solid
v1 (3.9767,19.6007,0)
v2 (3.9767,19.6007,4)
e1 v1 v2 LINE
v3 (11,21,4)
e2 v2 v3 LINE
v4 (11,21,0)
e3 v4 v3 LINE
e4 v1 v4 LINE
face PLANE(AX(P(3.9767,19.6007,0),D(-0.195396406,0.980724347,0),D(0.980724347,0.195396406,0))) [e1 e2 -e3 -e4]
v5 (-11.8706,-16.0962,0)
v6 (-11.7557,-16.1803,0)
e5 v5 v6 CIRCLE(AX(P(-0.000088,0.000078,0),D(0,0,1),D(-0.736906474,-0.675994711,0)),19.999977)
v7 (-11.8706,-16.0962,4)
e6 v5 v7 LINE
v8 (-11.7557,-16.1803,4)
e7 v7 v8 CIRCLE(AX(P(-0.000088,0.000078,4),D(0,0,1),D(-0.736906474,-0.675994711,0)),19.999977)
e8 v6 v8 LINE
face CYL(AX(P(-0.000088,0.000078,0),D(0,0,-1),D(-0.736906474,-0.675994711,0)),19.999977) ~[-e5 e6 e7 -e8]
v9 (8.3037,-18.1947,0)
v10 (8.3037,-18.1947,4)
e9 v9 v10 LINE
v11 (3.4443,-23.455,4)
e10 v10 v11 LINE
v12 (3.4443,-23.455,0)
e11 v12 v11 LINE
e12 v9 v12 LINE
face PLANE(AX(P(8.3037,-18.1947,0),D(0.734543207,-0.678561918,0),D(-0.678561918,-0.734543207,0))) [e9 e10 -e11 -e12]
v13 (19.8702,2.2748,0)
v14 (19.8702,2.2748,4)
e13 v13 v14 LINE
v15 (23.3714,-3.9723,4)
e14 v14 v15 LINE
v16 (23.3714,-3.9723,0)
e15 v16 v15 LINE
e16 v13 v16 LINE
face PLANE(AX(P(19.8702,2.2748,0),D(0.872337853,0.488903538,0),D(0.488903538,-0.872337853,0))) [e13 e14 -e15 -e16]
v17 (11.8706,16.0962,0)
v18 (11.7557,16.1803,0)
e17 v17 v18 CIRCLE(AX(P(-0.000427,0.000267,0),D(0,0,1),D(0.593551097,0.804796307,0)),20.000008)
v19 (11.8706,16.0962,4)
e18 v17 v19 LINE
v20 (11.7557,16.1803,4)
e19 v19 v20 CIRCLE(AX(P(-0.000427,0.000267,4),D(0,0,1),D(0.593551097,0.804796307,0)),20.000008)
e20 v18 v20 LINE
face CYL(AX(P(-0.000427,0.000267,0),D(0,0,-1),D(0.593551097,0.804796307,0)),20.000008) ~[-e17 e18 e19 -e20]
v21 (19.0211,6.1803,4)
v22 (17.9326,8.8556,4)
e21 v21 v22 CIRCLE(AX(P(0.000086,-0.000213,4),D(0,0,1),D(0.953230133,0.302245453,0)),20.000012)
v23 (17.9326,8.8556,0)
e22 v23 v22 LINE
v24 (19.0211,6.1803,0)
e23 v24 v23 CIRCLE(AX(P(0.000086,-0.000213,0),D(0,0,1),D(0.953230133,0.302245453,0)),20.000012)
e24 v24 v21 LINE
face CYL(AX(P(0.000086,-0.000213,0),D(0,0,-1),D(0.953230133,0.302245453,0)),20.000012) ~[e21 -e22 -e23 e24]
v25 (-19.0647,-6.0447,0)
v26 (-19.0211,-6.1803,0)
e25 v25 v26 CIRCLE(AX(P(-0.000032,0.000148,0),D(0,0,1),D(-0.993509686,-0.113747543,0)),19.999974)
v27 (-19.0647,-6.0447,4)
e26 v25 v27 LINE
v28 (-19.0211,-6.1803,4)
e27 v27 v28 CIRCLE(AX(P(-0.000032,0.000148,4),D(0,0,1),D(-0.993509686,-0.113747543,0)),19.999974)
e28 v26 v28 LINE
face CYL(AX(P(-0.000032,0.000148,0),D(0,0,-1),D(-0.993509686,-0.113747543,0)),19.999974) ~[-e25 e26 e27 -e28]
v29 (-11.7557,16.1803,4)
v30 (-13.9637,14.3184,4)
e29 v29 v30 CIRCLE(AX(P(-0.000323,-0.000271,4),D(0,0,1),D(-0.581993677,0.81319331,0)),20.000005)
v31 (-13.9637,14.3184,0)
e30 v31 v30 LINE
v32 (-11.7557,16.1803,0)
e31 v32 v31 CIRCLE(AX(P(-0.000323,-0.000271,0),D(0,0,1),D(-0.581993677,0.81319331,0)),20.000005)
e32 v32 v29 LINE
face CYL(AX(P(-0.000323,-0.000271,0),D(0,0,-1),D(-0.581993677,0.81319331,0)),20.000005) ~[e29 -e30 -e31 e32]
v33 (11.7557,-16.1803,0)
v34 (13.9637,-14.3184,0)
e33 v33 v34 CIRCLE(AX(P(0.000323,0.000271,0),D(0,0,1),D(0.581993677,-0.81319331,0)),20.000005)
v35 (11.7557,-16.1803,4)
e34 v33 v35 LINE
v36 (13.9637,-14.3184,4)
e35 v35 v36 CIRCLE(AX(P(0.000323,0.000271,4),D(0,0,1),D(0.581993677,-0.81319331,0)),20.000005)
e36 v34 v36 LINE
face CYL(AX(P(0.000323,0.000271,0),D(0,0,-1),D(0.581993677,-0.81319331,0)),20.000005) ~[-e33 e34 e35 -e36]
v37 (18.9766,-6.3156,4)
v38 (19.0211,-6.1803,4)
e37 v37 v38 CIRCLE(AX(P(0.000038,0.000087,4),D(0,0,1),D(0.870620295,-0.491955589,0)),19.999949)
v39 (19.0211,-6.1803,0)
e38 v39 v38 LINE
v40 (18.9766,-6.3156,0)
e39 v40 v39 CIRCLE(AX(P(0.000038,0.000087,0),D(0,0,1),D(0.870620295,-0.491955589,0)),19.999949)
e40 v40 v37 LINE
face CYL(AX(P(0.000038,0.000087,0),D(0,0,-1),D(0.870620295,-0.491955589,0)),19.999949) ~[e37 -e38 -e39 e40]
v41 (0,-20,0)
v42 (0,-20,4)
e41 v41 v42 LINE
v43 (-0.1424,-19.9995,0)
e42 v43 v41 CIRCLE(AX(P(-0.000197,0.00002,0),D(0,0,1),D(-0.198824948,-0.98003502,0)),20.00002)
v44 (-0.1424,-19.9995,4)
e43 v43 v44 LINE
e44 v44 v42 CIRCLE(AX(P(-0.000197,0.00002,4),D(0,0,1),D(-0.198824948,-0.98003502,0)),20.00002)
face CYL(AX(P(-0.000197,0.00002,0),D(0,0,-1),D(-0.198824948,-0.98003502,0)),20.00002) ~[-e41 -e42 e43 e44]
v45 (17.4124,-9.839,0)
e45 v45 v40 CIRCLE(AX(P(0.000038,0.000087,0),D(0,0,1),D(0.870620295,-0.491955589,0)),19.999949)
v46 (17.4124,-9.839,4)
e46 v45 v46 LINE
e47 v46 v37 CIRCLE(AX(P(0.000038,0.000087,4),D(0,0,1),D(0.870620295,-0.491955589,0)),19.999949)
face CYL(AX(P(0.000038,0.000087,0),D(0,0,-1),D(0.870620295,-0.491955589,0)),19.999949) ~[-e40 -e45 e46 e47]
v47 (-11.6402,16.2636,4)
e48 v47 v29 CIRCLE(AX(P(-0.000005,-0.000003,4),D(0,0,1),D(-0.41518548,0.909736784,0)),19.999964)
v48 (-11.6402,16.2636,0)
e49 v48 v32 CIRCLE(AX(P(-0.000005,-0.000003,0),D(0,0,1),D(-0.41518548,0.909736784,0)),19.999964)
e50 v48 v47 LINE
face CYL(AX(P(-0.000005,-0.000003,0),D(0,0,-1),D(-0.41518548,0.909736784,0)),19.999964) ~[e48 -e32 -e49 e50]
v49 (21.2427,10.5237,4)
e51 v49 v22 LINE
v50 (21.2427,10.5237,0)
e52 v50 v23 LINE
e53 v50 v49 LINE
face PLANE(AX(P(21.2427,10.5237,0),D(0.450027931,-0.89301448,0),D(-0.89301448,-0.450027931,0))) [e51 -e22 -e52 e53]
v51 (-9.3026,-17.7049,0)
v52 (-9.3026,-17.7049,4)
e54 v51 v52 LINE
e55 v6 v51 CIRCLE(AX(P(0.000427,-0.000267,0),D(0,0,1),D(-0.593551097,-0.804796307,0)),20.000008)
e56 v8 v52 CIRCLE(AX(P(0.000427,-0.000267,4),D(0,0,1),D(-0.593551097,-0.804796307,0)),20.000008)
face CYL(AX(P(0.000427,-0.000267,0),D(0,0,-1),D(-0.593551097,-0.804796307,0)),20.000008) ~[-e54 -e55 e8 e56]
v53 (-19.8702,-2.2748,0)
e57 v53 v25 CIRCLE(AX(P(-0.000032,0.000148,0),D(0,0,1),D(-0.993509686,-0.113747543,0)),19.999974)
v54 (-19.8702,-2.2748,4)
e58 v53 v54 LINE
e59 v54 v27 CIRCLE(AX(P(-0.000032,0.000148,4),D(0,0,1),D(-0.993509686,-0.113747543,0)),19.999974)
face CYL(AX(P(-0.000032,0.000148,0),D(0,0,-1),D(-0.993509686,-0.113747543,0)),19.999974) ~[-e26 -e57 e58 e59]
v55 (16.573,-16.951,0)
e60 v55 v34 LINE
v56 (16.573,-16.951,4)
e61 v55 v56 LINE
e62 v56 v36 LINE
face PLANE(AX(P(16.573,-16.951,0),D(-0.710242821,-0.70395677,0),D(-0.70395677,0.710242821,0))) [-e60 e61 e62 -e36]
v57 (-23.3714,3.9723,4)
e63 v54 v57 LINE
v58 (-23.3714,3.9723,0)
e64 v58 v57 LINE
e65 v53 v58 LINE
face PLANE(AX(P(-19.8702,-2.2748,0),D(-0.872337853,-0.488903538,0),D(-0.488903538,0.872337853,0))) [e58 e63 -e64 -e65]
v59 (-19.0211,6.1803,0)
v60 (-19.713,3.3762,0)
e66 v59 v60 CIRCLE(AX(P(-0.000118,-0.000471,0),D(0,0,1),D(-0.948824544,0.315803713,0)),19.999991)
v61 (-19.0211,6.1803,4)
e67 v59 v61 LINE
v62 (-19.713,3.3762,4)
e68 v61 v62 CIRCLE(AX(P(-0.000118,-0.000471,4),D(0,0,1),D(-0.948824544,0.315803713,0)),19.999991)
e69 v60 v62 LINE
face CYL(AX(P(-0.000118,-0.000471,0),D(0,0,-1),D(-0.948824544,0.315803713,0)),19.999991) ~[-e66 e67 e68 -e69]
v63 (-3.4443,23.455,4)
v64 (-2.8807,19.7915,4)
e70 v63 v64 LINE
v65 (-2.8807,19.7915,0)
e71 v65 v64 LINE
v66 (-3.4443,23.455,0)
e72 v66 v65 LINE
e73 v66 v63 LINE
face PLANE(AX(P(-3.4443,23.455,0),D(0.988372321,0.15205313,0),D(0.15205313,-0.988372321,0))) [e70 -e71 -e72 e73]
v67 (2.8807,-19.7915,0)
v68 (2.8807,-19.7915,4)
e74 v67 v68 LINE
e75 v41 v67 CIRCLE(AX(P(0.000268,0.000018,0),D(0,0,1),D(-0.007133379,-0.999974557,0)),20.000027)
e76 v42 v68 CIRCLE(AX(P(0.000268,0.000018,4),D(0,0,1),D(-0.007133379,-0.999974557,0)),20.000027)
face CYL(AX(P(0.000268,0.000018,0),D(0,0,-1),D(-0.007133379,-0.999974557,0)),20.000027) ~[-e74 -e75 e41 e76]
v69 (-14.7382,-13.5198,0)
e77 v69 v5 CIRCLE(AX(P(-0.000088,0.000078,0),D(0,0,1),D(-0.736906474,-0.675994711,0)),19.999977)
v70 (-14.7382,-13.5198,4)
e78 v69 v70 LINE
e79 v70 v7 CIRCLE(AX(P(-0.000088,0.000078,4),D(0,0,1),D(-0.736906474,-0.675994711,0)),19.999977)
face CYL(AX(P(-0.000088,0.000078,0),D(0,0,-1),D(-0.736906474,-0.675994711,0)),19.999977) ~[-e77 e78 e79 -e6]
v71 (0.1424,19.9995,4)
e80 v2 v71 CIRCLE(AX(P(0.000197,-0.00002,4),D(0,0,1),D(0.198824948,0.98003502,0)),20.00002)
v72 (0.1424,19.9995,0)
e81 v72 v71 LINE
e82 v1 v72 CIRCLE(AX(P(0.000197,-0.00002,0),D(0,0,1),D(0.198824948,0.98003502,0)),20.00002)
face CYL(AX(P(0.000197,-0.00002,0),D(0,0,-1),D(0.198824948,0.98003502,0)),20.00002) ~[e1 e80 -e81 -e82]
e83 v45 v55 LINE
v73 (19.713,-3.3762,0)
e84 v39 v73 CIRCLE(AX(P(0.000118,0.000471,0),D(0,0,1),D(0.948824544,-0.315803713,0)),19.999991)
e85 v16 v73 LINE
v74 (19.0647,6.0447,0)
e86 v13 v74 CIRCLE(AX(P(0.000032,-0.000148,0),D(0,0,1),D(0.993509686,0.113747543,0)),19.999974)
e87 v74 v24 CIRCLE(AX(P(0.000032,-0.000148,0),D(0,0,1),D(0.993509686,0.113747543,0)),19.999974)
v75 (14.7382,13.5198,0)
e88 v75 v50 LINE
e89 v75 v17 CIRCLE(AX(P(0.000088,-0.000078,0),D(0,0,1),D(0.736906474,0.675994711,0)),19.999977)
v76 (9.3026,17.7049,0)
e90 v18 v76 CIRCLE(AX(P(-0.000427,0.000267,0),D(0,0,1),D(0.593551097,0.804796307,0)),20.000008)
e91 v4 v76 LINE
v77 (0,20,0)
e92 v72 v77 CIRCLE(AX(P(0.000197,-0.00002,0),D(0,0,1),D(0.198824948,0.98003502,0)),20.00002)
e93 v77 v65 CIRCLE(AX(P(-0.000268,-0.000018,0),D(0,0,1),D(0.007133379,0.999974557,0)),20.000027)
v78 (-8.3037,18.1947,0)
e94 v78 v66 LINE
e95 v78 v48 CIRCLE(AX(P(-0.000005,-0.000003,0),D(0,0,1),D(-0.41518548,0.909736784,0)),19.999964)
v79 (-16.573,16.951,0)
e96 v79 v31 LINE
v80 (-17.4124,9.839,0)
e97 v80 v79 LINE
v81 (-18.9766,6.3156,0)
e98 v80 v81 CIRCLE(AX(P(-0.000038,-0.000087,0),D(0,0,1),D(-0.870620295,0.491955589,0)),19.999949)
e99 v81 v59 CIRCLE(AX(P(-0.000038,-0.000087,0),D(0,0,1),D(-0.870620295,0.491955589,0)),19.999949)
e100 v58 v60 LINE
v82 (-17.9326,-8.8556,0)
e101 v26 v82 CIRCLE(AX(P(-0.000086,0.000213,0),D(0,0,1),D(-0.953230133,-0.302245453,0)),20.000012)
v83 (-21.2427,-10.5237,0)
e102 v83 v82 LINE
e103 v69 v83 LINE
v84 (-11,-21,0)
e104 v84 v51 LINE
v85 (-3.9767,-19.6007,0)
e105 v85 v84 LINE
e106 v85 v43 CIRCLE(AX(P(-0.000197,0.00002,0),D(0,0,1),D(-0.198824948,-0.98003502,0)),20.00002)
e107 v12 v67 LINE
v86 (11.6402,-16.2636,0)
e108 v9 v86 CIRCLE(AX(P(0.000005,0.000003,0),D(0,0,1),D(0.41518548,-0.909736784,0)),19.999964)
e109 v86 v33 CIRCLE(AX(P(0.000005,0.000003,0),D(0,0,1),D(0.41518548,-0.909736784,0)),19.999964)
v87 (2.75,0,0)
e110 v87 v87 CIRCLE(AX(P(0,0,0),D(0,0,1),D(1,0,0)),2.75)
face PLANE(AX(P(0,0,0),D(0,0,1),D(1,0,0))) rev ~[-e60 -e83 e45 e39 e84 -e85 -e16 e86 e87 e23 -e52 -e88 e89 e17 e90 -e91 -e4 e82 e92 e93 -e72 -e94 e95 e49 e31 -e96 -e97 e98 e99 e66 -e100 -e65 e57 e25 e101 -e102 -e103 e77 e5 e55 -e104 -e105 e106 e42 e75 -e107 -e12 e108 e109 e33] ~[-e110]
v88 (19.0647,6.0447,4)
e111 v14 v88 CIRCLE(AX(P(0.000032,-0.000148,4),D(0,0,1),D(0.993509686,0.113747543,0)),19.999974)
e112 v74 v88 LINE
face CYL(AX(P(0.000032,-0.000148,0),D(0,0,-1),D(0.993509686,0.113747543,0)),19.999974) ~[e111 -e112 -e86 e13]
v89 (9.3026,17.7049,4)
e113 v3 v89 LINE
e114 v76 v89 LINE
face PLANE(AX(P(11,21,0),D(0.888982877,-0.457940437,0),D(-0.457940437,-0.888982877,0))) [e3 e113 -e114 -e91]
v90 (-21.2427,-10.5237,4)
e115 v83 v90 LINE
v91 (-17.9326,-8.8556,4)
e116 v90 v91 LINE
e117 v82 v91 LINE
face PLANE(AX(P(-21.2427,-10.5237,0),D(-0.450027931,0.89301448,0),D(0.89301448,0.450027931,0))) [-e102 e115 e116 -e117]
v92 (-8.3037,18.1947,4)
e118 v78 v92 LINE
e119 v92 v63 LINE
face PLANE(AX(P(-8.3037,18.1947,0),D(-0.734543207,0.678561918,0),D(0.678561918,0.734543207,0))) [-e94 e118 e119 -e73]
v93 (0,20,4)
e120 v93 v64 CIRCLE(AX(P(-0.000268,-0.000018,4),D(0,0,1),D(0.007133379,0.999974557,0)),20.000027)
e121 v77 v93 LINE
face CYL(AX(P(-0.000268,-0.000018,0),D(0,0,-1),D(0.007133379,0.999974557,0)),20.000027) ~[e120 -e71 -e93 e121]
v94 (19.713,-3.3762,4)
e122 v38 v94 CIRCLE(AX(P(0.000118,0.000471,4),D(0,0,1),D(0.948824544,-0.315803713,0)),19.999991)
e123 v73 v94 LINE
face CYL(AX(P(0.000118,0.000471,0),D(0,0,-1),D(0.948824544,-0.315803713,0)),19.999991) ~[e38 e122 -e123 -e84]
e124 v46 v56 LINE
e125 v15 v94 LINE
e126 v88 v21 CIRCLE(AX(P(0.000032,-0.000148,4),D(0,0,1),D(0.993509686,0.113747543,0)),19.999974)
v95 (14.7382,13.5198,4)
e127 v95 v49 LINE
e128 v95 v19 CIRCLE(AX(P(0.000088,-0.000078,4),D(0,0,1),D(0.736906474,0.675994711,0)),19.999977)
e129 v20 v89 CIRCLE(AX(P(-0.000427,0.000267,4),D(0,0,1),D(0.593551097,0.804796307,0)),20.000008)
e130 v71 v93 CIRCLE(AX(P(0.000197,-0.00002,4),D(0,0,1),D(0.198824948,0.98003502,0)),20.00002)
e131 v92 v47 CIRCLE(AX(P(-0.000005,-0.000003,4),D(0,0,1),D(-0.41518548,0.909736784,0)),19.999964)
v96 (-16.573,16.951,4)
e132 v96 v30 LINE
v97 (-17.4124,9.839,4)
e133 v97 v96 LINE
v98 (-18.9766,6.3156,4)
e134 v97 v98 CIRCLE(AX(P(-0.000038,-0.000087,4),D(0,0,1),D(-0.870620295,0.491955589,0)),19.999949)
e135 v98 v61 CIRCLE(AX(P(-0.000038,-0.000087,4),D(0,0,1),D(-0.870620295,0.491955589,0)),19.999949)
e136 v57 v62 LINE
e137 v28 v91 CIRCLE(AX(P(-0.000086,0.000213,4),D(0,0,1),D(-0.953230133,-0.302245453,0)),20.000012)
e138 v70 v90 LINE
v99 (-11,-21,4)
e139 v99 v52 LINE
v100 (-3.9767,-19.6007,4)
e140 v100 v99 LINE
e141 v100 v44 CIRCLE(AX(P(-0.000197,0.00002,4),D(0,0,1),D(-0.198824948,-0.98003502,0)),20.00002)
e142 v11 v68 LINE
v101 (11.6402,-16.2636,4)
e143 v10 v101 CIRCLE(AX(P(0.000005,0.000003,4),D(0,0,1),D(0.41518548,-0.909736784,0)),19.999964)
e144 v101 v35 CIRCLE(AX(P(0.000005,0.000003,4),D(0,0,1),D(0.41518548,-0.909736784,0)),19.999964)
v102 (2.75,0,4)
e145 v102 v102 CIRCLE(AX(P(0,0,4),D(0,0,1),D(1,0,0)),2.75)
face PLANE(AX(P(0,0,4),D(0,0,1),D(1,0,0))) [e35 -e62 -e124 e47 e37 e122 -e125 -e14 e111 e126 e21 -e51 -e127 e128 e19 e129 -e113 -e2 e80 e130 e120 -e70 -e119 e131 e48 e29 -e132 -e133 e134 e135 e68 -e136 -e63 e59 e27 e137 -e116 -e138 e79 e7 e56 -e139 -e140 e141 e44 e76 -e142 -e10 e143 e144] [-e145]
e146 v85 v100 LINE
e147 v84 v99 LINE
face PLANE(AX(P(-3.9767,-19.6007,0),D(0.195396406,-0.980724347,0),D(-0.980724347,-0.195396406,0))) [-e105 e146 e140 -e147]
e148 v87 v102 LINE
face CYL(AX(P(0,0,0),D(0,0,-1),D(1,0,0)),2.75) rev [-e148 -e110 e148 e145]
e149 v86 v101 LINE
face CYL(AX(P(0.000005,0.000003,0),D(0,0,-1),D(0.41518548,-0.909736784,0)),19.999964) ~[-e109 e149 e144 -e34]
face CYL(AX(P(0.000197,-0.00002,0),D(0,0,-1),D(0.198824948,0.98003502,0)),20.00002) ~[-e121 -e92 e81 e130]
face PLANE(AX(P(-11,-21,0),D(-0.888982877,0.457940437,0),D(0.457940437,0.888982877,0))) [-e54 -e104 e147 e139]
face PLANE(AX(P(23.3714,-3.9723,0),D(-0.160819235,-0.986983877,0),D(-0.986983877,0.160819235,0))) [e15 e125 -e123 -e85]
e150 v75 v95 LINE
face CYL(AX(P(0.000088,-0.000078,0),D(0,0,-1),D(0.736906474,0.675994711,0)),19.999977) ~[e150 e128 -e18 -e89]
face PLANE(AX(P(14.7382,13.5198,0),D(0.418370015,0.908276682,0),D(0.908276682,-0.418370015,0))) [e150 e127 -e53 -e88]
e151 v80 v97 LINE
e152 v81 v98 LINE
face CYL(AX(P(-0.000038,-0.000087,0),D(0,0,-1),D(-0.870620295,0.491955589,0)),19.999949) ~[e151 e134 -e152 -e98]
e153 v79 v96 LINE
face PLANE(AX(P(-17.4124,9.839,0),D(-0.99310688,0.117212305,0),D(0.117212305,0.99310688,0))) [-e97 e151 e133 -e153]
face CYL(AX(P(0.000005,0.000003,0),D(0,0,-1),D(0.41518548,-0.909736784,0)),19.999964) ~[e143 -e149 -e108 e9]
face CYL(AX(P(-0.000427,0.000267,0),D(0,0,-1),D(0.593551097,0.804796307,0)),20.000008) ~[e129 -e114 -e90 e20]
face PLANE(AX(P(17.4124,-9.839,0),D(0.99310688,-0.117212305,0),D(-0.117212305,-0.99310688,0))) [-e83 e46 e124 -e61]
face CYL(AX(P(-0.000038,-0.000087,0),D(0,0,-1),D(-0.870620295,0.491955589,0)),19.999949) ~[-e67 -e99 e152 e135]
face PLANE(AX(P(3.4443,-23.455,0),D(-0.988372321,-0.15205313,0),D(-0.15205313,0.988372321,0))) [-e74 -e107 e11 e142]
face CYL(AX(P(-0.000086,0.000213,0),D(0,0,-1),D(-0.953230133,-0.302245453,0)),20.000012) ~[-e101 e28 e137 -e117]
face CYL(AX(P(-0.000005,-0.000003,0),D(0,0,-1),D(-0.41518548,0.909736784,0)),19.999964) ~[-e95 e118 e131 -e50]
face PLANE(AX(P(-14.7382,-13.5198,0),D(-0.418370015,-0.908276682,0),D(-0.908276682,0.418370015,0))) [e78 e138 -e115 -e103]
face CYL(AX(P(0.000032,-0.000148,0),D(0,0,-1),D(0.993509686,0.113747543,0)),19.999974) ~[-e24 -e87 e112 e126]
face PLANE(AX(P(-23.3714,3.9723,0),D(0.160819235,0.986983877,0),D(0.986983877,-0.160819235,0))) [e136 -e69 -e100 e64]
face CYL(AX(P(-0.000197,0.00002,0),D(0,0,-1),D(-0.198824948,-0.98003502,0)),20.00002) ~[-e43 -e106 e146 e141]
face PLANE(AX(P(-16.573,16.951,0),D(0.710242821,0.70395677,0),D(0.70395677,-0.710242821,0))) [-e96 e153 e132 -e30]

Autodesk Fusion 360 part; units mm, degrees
sketch "center" plane through (0, 0, 0) normal (0, 0, 1) x (1, 0, 0)
  line L0 (3.9767, 19.6007) -> (11, 21)
  line L1 (11, 21) -> (9.3026, 17.7049)
  arc A0 (3.9767, 19.6007) -> (0, 20) centre (0, 0) ccw
  arc A1 (11.8706, 16.0962) -> (9.3026, 17.7049) centre (0, 0) ccw
  arc A2 (-8.3037, 18.1947) -> (-11.7557, 16.1803) centre (0, 0) ccw
  line L2 (-8.3037, 18.1947) -> (-3.4443, 23.455)
  line L3 (-3.4443, 23.455) -> (-2.8807, 19.7915)
  arc A3 (0.1424, 19.9995) -> (-2.8807, 19.7915) centre (0, 0) ccw
  arc A4 (-17.4124, 9.839) -> (-19.0211, 6.1803) centre (0, 0) ccw
  line L4 (-17.4124, 9.839) -> (-16.573, 16.951)
  line L5 (-16.573, 16.951) -> (-13.9637, 14.3184)
  arc A5 (-11.6402, 16.2636) -> (-13.9637, 14.3184) centre (0, 0) ccw
  arc A6 (-19.8702, -2.2748) -> (-19.0211, -6.1803) centre (0, 0) ccw
  line L6 (-19.8702, -2.2748) -> (-23.3714, 3.9723)
  line L7 (-23.3714, 3.9723) -> (-19.713, 3.3762)
  arc A7 (-18.9766, 6.3156) -> (-19.713, 3.3762) centre (0, 0) ccw
  arc A8 (-14.7382, -13.5198) -> (-11.7557, -16.1803) centre (0, 0) ccw
  line L8 (-14.7382, -13.5198) -> (-21.2427, -10.5237)
  line L9 (-21.2427, -10.5237) -> (-17.9326, -8.8556)
  arc A9 (-19.0647, -6.0447) -> (-17.9326, -8.8556) centre (0, 0) ccw
  arc A10 (-3.9767, -19.6007) -> (0, -20) centre (0, 0) ccw
  line L10 (-3.9767, -19.6007) -> (-11, -21)
  line L11 (-11, -21) -> (-9.3026, -17.7049)
  arc A11 (-11.8706, -16.0962) -> (-9.3026, -17.7049) centre (0, 0) ccw
  arc A12 (8.3037, -18.1947) -> (11.7557, -16.1803) centre (0, 0) ccw
  line L12 (8.3037, -18.1947) -> (3.4443, -23.455)
  line L13 (3.4443, -23.455) -> (2.8807, -19.7915)
  arc A13 (-0.1424, -19.9995) -> (2.8807, -19.7915) centre (0, 0) ccw
  arc A14 (17.4124, -9.839) -> (19.0211, -6.1803) centre (0, 0) ccw
  line L14 (17.4124, -9.839) -> (16.573, -16.951)
  line L15 (16.573, -16.951) -> (13.9637, -14.3184)
  arc A15 (11.6402, -16.2636) -> (13.9637, -14.3184) centre (0, 0) ccw
  arc A16 (19.8702, 2.2748) -> (19.0211, 6.1803) centre (0, 0) ccw
  line L16 (19.8702, 2.2748) -> (23.3714, -3.9723)
  line L17 (23.3714, -3.9723) -> (19.713, -3.3762)
  arc A17 (18.9766, -6.3156) -> (19.713, -3.3762) centre (0, 0) ccw
  arc A18 (14.7382, 13.5198) -> (11.7557, 16.1803) centre (0, 0) ccw
  line L18 (14.7382, 13.5198) -> (21.2427, 10.5237)
  line L19 (21.2427, 10.5237) -> (17.9326, 8.8556)
  arc A19 (19.0647, 6.0447) -> (17.9326, 8.8556) centre (0, 0) ccw
  circle A20 centre (0, 0) radius 2.75
  dimension "d248" = 40
  dimension "d250" = 360
  dimension "d253" = 5.5
extrude "Extrude13" add sketch "center" along normal blind 4
equation "d = 4 mm"
equation "StockHeight = 3 mm"
equation "d250 = 360.0 °"
